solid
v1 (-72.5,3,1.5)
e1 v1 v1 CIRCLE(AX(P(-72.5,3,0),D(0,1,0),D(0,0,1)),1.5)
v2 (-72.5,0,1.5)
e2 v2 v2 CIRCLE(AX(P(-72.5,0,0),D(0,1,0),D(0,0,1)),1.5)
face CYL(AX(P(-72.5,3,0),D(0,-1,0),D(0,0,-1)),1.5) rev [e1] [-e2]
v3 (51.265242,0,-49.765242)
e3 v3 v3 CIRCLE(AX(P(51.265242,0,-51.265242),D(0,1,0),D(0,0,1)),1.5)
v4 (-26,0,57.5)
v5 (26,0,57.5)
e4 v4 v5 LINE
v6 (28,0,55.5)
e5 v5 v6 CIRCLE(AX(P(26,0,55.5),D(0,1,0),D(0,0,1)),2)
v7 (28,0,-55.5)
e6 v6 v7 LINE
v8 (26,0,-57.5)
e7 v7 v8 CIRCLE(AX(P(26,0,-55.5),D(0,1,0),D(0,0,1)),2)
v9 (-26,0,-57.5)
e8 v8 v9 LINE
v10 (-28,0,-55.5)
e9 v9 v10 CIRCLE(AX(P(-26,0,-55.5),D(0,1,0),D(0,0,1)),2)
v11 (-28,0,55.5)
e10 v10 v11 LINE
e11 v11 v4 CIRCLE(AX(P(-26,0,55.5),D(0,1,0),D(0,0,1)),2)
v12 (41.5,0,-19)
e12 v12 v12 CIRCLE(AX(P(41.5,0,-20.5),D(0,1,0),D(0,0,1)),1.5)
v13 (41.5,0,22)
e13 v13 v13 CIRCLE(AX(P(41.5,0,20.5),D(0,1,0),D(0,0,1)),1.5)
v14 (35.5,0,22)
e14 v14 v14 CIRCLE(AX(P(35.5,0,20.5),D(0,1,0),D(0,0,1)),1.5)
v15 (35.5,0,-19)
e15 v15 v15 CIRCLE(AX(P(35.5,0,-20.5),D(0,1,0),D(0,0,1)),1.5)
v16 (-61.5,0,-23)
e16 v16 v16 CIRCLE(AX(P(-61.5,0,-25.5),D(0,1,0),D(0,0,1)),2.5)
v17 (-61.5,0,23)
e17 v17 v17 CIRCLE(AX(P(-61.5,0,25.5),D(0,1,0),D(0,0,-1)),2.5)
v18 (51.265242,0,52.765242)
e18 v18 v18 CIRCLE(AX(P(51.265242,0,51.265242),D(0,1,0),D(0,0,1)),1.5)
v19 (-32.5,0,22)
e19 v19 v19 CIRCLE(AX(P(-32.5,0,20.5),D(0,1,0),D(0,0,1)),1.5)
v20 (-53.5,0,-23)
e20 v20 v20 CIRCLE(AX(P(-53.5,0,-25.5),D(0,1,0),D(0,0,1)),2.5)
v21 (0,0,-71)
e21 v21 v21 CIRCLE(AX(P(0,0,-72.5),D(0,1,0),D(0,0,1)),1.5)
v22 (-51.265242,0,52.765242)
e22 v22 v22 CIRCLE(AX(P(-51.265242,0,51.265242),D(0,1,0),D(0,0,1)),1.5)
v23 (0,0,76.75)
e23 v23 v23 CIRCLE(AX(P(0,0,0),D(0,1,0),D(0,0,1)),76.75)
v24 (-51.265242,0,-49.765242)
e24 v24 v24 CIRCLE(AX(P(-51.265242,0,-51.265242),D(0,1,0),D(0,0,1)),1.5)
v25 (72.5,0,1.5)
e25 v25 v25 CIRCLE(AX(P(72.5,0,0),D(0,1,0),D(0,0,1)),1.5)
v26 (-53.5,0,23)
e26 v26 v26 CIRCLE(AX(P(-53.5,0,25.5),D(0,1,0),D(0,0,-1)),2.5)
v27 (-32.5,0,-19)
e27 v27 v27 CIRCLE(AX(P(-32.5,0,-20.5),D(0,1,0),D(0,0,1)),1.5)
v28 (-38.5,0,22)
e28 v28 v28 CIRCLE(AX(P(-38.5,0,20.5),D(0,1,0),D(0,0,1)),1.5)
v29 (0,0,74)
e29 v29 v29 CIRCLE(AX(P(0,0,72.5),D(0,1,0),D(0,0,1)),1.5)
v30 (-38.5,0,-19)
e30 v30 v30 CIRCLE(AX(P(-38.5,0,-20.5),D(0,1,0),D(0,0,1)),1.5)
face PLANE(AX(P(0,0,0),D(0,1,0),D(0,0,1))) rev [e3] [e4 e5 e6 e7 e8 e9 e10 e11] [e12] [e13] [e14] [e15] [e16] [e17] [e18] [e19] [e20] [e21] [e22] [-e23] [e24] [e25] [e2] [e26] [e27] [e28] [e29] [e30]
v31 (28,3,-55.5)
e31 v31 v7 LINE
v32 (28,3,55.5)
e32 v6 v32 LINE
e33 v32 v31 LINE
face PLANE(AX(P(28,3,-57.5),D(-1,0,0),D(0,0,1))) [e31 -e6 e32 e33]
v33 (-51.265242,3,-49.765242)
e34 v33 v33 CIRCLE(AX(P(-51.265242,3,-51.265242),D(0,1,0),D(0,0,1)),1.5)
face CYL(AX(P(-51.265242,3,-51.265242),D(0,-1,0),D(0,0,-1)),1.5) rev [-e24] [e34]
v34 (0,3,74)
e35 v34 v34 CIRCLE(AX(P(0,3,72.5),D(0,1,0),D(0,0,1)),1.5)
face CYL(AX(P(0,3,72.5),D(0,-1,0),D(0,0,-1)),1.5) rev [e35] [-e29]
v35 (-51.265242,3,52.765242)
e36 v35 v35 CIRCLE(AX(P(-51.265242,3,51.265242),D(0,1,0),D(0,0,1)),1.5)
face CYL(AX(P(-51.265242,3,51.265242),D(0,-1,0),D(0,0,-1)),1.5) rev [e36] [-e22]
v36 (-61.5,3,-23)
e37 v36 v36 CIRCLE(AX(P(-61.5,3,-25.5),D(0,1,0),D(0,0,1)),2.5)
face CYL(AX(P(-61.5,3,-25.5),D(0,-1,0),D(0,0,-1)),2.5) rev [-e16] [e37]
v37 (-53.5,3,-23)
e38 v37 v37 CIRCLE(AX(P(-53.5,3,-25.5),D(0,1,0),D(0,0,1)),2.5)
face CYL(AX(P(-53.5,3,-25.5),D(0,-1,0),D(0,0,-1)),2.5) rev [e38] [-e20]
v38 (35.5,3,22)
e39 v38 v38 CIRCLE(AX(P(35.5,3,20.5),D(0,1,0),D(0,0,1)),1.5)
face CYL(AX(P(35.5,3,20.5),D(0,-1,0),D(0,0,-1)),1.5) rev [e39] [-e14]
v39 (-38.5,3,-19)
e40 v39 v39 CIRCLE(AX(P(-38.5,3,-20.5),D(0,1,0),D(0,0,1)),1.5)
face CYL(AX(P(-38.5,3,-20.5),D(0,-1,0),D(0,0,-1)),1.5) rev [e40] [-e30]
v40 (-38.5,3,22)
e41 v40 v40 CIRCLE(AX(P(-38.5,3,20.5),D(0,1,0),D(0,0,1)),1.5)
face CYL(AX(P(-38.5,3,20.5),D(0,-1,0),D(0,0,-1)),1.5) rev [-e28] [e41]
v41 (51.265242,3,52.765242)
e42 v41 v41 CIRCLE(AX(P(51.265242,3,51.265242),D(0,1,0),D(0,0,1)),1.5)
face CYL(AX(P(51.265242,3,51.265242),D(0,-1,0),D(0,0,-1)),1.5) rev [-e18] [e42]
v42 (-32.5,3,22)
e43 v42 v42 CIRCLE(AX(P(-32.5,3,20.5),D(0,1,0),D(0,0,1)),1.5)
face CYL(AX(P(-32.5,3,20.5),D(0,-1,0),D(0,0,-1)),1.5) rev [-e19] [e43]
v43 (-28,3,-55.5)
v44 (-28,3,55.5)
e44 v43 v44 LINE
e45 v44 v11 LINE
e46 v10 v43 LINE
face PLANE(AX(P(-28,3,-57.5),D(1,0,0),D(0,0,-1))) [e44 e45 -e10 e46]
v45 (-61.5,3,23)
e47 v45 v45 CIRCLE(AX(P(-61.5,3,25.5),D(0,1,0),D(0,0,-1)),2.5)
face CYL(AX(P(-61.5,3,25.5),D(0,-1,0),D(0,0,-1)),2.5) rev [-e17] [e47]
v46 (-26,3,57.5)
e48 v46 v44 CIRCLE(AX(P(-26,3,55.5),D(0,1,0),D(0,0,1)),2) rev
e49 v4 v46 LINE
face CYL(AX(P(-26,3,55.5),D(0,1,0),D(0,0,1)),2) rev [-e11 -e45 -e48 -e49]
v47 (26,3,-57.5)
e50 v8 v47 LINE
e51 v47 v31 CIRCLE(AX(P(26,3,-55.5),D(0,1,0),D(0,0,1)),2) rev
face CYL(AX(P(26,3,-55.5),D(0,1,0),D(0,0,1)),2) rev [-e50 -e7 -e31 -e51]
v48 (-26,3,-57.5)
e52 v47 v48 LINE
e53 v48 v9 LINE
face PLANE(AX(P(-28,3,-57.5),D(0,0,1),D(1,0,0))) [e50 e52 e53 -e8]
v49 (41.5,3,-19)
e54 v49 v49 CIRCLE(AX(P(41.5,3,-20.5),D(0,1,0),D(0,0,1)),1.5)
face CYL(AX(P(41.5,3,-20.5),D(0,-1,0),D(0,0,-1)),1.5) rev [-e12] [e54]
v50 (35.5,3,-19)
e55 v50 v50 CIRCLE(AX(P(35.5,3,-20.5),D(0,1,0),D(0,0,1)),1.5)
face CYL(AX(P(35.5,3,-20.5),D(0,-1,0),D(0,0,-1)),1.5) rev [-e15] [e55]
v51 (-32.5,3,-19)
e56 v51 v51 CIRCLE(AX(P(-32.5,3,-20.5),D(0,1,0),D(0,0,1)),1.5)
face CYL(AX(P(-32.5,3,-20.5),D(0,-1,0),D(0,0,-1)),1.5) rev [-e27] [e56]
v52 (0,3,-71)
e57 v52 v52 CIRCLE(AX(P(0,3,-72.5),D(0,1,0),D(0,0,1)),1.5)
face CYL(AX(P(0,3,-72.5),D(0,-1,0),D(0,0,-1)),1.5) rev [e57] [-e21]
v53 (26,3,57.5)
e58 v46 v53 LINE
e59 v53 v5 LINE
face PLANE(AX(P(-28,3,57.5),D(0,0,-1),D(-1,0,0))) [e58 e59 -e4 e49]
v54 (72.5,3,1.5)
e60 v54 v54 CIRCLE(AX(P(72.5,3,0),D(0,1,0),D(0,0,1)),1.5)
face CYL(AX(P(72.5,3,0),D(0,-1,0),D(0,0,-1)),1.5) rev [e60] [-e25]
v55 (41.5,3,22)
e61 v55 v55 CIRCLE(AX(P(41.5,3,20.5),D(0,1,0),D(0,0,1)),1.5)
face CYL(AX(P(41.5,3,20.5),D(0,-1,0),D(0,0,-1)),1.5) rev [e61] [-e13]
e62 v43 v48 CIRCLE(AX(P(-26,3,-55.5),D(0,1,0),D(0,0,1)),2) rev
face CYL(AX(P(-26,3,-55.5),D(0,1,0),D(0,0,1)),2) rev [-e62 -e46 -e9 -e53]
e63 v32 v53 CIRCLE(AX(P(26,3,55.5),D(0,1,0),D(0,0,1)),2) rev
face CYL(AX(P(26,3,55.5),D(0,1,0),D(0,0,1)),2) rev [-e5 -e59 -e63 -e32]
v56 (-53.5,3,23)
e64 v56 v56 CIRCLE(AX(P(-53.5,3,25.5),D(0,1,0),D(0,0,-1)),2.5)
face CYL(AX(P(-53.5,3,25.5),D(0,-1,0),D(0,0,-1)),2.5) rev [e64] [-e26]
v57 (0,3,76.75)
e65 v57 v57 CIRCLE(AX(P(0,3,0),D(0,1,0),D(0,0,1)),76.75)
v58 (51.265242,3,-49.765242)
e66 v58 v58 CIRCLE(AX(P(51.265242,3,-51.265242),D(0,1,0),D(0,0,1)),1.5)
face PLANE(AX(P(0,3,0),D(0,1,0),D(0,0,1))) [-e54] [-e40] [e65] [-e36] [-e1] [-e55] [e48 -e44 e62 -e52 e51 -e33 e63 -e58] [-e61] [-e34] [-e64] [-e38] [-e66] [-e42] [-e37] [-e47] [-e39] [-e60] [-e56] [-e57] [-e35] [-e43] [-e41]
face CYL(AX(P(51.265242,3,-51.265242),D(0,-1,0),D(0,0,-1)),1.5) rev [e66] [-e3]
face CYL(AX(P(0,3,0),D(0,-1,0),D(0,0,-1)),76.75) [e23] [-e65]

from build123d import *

# Parameters (mm, degrees)
SKETCH_1_R      = 76.75
SKETCH_1_R_2    = 1.5
SKETCH_1_R_3    = 2.5
SKETCH_1_W      = 56
SKETCH_1_H      = 115
EXTRUDE_1_DEPTH = 3
FILLET_1_R      = 2


with BuildPart() as part:
    # 草图1 → 凸台-拉伸1 (new body)
    with BuildSketch(Plane(origin=(0, 0, 0), x_dir=(1, 0, 0), z_dir=(0, 1, 0))):
        with Locations(Location((0, 0, 0), (0, 0, 270))):
            Circle(SKETCH_1_R)
        with Locations(Location((0, 72.5, 0), (0, 0, 270))):
            Circle(SKETCH_1_R_2, mode=Mode.SUBTRACT)
        with Locations(Location((51.265241636, 51.265241636, 0), (0, 0, 270))):
            Circle(SKETCH_1_R_2, mode=Mode.SUBTRACT)
        with Locations(Location((72.5, 0, 0), (0, 0, 270))):
            Circle(SKETCH_1_R_2, mode=Mode.SUBTRACT)
        with Locations(Location((51.265241636, -51.265241636, 0), (0, 0, 270))):
            Circle(SKETCH_1_R_2, mode=Mode.SUBTRACT)
        with Locations(Location((0, -72.5, 0), (0, 0, 270))):
            Circle(SKETCH_1_R_2, mode=Mode.SUBTRACT)
        with Locations(Location((-51.265241636, -51.265241636, 0), (0, 0, 270))):
            Circle(SKETCH_1_R_2, mode=Mode.SUBTRACT)
        with Locations(Location((-72.5, 0, 0), (0, 0, 270))):
            Circle(SKETCH_1_R_2, mode=Mode.SUBTRACT)
        with Locations(Location((-51.265241636, 51.265241636, 0), (0, 0, 270))):
            Circle(SKETCH_1_R_2, mode=Mode.SUBTRACT)
        with Locations(Location((-32.5, -20.5, 0), (0, 0, 270))):
            Circle(SKETCH_1_R_2, mode=Mode.SUBTRACT)
        with Locations(Location((-38.5, -20.5, 0), (0, 0, 270))):
            Circle(SKETCH_1_R_2, mode=Mode.SUBTRACT)
        with Locations(Location((-38.5, 20.5, 0), (0, 0, 270))):
            Circle(SKETCH_1_R_2, mode=Mode.SUBTRACT)
        with Locations(Location((-53.5, 25.5, 0), (0, 0, 270))):
            Circle(SKETCH_1_R_3, mode=Mode.SUBTRACT)
        with Locations(Location((-61.5, 25.5, 0), (0, 0, 270))):
            Circle(SKETCH_1_R_3, mode=Mode.SUBTRACT)
        with Locations(Location((-53.5, -25.5, 0), (0, 0, 90))):
            Circle(SKETCH_1_R_3, mode=Mode.SUBTRACT)
        with Locations(Location((-61.5, -25.5, 0), (0, 0, 90))):
            Circle(SKETCH_1_R_3, mode=Mode.SUBTRACT)
        with Locations(Location((-32.5, 20.5, 0), (0, 0, 270))):
            Circle(SKETCH_1_R_2, mode=Mode.SUBTRACT)
        with Locations(Location((35.5, 20.5, 0), (0, 0, 270))):
            Circle(SKETCH_1_R_2, mode=Mode.SUBTRACT)
        with Locations(Location((41.5, 20.5, 0), (0, 0, 270))):
            Circle(SKETCH_1_R_2, mode=Mode.SUBTRACT)
        with Locations(Location((35.5, -20.5, 0), (0, 0, 270))):
            Circle(SKETCH_1_R_2, mode=Mode.SUBTRACT)
        with Locations(Location((41.5, -20.5, 0), (0, 0, 270))):
            Circle(SKETCH_1_R_2, mode=Mode.SUBTRACT)
        Rectangle(SKETCH_1_W, SKETCH_1_H, mode=Mode.SUBTRACT)
    extrude(amount=EXTRUDE_1_DEPTH)

    # 圆角1
    fillet_1_edges = [part.edges().sort_by_distance(p)[0] for p in [
        (28, 1.5, 57.5),
        (28, 1.5, -57.5),
        (-28, 1.5, -57.5),
        (-28, 1.5, 57.5),
    ]]
    fillet(fillet_1_edges, radius=FILLET_1_R)


solid = part.part
